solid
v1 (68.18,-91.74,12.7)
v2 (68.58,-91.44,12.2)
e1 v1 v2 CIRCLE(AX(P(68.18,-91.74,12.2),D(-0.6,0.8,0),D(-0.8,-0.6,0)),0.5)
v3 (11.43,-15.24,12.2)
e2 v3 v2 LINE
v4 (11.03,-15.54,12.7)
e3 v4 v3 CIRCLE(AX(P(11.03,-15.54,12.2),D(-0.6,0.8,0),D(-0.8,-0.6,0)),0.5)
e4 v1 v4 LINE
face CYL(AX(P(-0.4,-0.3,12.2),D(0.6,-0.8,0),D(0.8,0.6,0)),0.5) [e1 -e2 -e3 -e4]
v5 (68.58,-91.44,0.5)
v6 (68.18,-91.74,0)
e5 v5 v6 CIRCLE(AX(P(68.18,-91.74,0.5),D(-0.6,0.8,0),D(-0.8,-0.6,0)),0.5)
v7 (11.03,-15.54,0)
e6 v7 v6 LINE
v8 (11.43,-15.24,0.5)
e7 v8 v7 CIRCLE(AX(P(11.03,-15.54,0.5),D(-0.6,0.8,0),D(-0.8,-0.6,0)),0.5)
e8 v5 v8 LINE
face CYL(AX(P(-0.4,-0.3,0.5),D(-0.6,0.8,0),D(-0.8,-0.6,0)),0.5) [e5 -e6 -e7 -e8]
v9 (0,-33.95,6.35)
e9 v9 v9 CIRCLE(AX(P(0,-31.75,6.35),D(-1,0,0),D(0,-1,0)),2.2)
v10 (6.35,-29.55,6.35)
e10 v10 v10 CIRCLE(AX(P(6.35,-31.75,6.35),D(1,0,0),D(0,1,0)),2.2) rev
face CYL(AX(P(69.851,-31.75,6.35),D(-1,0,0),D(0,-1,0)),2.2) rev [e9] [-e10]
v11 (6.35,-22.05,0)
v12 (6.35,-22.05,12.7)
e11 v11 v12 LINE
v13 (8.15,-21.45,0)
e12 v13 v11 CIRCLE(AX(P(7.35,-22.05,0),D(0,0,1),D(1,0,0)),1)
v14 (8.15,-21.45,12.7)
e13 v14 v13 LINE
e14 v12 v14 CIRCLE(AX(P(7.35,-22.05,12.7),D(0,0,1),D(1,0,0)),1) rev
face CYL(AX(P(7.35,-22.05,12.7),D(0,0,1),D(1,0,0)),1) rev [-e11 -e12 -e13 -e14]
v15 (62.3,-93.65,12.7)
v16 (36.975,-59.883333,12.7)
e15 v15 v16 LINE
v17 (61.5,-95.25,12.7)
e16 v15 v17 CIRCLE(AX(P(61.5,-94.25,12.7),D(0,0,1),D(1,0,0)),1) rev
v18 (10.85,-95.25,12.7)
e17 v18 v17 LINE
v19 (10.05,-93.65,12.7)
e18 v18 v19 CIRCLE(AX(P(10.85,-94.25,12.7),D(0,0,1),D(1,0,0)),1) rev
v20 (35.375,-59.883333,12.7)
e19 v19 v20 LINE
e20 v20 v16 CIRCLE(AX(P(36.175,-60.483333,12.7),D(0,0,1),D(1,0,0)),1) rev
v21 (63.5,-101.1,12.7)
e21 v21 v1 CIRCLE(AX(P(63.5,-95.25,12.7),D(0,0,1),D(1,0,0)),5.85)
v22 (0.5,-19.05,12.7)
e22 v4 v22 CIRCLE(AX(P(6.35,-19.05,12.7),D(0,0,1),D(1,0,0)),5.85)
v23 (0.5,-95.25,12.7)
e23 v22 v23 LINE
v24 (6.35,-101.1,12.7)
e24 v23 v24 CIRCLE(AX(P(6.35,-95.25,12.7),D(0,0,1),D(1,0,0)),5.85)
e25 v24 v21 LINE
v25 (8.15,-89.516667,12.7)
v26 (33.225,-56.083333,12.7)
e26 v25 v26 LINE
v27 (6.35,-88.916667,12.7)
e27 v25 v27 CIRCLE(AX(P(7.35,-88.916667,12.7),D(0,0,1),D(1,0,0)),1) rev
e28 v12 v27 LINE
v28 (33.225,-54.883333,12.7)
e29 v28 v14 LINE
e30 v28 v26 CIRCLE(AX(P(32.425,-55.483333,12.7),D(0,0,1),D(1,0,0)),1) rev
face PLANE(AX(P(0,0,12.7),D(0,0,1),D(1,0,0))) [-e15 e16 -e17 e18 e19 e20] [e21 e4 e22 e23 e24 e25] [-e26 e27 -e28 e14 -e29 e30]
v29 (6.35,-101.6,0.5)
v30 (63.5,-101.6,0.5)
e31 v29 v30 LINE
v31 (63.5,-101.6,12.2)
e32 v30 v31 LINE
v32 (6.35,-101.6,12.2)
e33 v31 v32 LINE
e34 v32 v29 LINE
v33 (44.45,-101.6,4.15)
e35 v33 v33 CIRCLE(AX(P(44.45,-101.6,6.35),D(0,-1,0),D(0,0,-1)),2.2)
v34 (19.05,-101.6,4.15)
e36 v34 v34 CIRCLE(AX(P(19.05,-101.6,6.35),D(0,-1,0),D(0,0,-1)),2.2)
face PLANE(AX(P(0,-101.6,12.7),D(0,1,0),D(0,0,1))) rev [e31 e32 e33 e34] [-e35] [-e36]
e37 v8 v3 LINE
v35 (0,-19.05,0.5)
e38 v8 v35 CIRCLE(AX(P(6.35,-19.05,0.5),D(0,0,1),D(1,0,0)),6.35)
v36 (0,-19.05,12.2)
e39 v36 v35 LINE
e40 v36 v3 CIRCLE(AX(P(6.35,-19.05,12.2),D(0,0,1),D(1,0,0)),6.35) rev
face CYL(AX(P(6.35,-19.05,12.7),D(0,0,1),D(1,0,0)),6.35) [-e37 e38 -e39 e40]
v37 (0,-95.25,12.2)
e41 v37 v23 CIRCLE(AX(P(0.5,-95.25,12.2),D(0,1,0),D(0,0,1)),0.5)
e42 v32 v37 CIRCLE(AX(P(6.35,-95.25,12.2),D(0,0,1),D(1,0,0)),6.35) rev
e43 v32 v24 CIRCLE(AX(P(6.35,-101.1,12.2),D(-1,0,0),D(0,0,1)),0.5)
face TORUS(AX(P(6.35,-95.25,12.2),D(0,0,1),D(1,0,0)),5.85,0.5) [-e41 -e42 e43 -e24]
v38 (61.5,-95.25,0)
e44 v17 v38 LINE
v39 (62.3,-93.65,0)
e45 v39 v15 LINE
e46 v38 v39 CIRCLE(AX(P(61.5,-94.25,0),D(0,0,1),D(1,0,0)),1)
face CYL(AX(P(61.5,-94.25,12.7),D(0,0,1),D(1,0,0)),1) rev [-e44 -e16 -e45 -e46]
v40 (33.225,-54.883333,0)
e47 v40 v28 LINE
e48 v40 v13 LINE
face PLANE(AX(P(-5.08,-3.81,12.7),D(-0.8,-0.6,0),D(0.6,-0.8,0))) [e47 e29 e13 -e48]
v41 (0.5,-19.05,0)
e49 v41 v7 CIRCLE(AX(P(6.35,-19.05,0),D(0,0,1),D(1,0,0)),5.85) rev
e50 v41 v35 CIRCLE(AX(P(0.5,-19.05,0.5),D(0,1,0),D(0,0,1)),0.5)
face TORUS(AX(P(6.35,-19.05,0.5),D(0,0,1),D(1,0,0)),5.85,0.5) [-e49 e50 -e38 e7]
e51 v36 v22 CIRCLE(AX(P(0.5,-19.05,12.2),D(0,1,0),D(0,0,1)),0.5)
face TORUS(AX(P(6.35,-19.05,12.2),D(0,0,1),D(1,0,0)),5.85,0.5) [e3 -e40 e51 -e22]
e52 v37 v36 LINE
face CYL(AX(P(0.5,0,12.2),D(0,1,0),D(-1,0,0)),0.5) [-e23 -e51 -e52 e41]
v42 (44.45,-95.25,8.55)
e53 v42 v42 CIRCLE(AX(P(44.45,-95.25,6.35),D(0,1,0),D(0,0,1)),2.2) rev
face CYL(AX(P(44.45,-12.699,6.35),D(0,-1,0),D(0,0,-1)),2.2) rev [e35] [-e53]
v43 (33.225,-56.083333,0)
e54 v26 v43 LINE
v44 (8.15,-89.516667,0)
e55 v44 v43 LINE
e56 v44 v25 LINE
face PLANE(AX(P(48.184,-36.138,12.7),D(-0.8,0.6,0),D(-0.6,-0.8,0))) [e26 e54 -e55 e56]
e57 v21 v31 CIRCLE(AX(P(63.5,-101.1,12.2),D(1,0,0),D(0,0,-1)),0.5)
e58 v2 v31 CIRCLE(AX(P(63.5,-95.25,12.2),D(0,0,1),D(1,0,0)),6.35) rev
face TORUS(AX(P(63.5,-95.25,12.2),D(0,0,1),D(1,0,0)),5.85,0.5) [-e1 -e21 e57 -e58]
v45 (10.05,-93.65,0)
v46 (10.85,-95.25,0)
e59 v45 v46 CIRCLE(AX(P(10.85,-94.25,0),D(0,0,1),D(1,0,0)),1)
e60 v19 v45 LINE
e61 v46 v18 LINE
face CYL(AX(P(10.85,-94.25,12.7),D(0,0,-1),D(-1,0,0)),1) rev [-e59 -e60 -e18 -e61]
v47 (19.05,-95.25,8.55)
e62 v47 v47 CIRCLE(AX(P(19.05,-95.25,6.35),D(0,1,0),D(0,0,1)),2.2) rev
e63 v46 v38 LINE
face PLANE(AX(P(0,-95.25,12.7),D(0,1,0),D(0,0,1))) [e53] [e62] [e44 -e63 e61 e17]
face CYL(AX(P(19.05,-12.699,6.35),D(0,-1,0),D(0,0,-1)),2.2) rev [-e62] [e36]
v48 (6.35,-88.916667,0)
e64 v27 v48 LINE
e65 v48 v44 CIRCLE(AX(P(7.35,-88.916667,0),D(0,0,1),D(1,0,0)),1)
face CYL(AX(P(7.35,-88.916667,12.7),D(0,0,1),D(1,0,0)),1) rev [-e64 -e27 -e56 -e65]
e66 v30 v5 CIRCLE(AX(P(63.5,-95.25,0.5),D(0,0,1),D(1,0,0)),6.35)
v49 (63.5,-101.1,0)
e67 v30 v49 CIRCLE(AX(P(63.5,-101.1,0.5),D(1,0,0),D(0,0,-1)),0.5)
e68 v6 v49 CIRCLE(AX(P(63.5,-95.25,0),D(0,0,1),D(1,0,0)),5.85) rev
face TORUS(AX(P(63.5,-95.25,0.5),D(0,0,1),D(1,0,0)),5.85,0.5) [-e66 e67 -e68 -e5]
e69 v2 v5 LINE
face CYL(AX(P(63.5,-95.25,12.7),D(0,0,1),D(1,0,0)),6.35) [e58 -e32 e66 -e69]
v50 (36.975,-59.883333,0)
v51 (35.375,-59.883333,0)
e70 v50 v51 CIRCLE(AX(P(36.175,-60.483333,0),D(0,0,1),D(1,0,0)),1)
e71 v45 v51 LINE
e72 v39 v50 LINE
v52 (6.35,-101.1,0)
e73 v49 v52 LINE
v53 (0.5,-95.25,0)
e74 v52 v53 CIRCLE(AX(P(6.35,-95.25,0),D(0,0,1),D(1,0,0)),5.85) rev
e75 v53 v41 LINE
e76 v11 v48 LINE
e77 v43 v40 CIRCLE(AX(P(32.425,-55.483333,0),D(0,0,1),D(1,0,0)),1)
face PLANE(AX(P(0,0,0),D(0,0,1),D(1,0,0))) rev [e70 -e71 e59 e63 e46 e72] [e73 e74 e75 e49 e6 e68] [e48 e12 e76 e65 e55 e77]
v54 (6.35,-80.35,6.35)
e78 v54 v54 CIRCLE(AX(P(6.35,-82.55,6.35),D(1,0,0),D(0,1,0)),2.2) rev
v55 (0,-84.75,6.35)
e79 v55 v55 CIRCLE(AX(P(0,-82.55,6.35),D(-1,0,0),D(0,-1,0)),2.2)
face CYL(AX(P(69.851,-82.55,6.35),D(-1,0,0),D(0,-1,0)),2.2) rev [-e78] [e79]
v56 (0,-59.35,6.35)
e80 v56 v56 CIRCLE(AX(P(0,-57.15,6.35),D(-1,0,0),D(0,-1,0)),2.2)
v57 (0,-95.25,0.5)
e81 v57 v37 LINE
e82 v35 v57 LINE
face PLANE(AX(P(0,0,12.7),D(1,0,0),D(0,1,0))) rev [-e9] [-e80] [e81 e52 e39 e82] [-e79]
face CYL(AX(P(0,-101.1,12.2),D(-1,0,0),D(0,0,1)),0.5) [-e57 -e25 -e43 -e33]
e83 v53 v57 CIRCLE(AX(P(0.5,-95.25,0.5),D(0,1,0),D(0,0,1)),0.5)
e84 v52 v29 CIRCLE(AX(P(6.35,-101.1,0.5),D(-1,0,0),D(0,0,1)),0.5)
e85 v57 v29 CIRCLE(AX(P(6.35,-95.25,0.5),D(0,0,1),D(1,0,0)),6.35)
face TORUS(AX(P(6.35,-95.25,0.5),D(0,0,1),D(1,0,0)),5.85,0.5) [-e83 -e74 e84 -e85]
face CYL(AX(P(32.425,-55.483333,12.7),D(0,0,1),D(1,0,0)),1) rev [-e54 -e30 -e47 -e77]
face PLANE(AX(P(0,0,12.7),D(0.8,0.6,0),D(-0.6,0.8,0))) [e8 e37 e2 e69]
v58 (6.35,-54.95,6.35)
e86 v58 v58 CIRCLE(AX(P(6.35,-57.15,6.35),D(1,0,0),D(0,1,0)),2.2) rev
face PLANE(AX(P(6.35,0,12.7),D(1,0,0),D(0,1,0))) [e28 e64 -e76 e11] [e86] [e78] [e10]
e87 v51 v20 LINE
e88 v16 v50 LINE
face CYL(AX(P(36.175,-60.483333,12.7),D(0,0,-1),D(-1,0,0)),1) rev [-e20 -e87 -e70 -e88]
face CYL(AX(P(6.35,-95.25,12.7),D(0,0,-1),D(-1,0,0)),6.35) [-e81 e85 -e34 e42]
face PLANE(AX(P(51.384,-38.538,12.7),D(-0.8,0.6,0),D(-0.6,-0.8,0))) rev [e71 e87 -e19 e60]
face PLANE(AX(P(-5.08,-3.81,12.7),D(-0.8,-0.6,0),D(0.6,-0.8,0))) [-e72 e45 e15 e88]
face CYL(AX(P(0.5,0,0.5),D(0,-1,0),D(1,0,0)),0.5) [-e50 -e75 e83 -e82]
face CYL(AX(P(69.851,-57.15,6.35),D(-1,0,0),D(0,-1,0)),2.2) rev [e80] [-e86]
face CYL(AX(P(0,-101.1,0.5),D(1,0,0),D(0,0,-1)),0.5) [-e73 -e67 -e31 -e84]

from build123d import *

# Parameters (mm, degrees)
BOSS_EXTRUDE1_DEPTH = 12.7
FILLET1_R           = 6.35
FILLET2_R           = 1
CUT_EXTRUDE1_REACH  = 115.77
SKETCH2_R           = 2.2
CUT_EXTRUDE2_REACH  = 125.947
SKETCH3_R           = 2.2
FILLET3_R           = 0.5


with BuildPart() as part:
    # Sketch1 → Boss-Extrude1 (new body)
    # profile 1 of 3: a face of its own
    with BuildSketch(Plane.XY):
        Polygon((0, 0), (0, -101.6), (76.2, -101.6), align=None)
        Polygon((63.5, -95.25), (6.35, -19.05), (6.35, -95.25), align=None, mode=Mode.SUBTRACT)
    # profile 2 of 3: a face of its own
    with BuildSketch(Plane.XY):
        Polygon((34.925, -57.15), (6.35, -95.25), (8.85, -95.25), (36.175, -58.816666667), align=None)
    # profile 3 of 3: a face of its own
    with BuildSketch(Plane.XY):
        Polygon((33.675, -55.483333333), (6.35, -91.916666667), (6.35, -95.25), (34.925, -57.15), align=None)
    extrude(amount=BOSS_EXTRUDE1_DEPTH)

    # Fillet1
    fillet1_edges = [part.edges().sort_by_distance(p)[0] for p in [
        (0, 0, 6.35),
        (76.2, -101.6, 6.35),
        (0, -101.6, 6.35),
    ]]
    fillet(fillet1_edges, radius=FILLET1_R)

    # Fillet2
    fillet2_edges = [part.edges().sort_by_distance(p)[0] for p in [
        (36.175, -58.816666667, 6.35),
        (8.85, -95.25, 6.35),
        (63.5, -95.25, 6.35),
        (6.35, -19.05, 6.35),
        (6.35, -91.916666667, 6.35),
        (33.675, -55.483333333, 6.35),
    ]]
    fillet(fillet2_edges, radius=FILLET2_R)

    # Sketch2 → Cut-Extrude1 (cut, up to next)
    with BuildSketch(Plane.XZ.offset(101.6), mode=Mode.PRIVATE) as cut_extrude1_sk1:
        with Locations(Location((19.05, 6.35, 0), (0, 0, 270))):
            Circle(SKETCH2_R)
    cut_extrude1_tool1 = extrude(cut_extrude1_sk1.sketch, amount=-CUT_EXTRUDE1_REACH, mode=Mode.PRIVATE) & part.part
    # Sketch2 → Cut-Extrude1 (cut, up to next)
    with BuildSketch(Plane.XZ.offset(101.6), mode=Mode.PRIVATE) as cut_extrude1_sk2:
        with Locations(Location((44.45, 6.35, 0), (0, 0, 270))):
            Circle(SKETCH2_R)
    cut_extrude1_tool2 = extrude(cut_extrude1_sk2.sketch, amount=-CUT_EXTRUDE1_REACH, mode=Mode.PRIVATE) & part.part
    add(cut_extrude1_tool1.solids().sort_by_distance((19.05, -101.6, 6.35))[0], mode=Mode.SUBTRACT)
    add(cut_extrude1_tool2.solids().sort_by_distance((44.45, -101.6, 6.35))[0], mode=Mode.SUBTRACT)

    # Sketch3 → Cut-Extrude2 (cut, up to next)
    with BuildSketch(Plane.ZY, mode=Mode.PRIVATE) as cut_extrude2_sk1:
        with Locations(Location((6.35, -82.55, 0), (0, 0, 270))):
            Circle(SKETCH3_R)
    cut_extrude2_tool1 = extrude(cut_extrude2_sk1.sketch, amount=-CUT_EXTRUDE2_REACH, mode=Mode.PRIVATE) & part.part
    # Sketch3 → Cut-Extrude2 (cut, up to next)
    with BuildSketch(Plane.ZY, mode=Mode.PRIVATE) as cut_extrude2_sk2:
        with Locations(Location((6.35, -57.15, 0), (0, 0, 270))):
            Circle(SKETCH3_R)
    cut_extrude2_tool2 = extrude(cut_extrude2_sk2.sketch, amount=-CUT_EXTRUDE2_REACH, mode=Mode.PRIVATE) & part.part
    # Sketch3 → Cut-Extrude2 (cut, up to next)
    with BuildSketch(Plane.ZY, mode=Mode.PRIVATE) as cut_extrude2_sk3:
        with Locations(Location((6.35, -31.75, 0), (0, 0, 270))):
            Circle(SKETCH3_R)
    cut_extrude2_tool3 = extrude(cut_extrude2_sk3.sketch, amount=-CUT_EXTRUDE2_REACH, mode=Mode.PRIVATE) & part.part
    add(cut_extrude2_tool1.solids().sort_by_distance((0, -82.55, 6.35))[0], mode=Mode.SUBTRACT)
    add(cut_extrude2_tool2.solids().sort_by_distance((0, -57.15, 6.35))[0], mode=Mode.SUBTRACT)
    add(cut_extrude2_tool3.solids().sort_by_distance((0, -31.75, 6.35))[0], mode=Mode.SUBTRACT)

    # Fillet3
    fillet3_edges = [part.edges().sort_by_distance(p)[0] for p in [
        (34.925, -101.6, 0),
        (34.925, -101.6, 12.7),
        (0, -57.15, 0),
        (40.005, -53.34, 0),
        (69.179612663, -98.089806331, 0),
        (4.341953686, -13.025861057, 0),
        (1.859871939, -99.740128061, 0),
        (0, -57.15, 12.7),
        (40.005, -53.34, 12.7),
        (69.179612663, -98.089806331, 12.7),
        (4.341953686, -13.025861057, 12.7),
        (1.859871939, -99.740128061, 12.7),
    ]]
    fillet(fillet3_edges, radius=FILLET3_R)


solid = part.part
